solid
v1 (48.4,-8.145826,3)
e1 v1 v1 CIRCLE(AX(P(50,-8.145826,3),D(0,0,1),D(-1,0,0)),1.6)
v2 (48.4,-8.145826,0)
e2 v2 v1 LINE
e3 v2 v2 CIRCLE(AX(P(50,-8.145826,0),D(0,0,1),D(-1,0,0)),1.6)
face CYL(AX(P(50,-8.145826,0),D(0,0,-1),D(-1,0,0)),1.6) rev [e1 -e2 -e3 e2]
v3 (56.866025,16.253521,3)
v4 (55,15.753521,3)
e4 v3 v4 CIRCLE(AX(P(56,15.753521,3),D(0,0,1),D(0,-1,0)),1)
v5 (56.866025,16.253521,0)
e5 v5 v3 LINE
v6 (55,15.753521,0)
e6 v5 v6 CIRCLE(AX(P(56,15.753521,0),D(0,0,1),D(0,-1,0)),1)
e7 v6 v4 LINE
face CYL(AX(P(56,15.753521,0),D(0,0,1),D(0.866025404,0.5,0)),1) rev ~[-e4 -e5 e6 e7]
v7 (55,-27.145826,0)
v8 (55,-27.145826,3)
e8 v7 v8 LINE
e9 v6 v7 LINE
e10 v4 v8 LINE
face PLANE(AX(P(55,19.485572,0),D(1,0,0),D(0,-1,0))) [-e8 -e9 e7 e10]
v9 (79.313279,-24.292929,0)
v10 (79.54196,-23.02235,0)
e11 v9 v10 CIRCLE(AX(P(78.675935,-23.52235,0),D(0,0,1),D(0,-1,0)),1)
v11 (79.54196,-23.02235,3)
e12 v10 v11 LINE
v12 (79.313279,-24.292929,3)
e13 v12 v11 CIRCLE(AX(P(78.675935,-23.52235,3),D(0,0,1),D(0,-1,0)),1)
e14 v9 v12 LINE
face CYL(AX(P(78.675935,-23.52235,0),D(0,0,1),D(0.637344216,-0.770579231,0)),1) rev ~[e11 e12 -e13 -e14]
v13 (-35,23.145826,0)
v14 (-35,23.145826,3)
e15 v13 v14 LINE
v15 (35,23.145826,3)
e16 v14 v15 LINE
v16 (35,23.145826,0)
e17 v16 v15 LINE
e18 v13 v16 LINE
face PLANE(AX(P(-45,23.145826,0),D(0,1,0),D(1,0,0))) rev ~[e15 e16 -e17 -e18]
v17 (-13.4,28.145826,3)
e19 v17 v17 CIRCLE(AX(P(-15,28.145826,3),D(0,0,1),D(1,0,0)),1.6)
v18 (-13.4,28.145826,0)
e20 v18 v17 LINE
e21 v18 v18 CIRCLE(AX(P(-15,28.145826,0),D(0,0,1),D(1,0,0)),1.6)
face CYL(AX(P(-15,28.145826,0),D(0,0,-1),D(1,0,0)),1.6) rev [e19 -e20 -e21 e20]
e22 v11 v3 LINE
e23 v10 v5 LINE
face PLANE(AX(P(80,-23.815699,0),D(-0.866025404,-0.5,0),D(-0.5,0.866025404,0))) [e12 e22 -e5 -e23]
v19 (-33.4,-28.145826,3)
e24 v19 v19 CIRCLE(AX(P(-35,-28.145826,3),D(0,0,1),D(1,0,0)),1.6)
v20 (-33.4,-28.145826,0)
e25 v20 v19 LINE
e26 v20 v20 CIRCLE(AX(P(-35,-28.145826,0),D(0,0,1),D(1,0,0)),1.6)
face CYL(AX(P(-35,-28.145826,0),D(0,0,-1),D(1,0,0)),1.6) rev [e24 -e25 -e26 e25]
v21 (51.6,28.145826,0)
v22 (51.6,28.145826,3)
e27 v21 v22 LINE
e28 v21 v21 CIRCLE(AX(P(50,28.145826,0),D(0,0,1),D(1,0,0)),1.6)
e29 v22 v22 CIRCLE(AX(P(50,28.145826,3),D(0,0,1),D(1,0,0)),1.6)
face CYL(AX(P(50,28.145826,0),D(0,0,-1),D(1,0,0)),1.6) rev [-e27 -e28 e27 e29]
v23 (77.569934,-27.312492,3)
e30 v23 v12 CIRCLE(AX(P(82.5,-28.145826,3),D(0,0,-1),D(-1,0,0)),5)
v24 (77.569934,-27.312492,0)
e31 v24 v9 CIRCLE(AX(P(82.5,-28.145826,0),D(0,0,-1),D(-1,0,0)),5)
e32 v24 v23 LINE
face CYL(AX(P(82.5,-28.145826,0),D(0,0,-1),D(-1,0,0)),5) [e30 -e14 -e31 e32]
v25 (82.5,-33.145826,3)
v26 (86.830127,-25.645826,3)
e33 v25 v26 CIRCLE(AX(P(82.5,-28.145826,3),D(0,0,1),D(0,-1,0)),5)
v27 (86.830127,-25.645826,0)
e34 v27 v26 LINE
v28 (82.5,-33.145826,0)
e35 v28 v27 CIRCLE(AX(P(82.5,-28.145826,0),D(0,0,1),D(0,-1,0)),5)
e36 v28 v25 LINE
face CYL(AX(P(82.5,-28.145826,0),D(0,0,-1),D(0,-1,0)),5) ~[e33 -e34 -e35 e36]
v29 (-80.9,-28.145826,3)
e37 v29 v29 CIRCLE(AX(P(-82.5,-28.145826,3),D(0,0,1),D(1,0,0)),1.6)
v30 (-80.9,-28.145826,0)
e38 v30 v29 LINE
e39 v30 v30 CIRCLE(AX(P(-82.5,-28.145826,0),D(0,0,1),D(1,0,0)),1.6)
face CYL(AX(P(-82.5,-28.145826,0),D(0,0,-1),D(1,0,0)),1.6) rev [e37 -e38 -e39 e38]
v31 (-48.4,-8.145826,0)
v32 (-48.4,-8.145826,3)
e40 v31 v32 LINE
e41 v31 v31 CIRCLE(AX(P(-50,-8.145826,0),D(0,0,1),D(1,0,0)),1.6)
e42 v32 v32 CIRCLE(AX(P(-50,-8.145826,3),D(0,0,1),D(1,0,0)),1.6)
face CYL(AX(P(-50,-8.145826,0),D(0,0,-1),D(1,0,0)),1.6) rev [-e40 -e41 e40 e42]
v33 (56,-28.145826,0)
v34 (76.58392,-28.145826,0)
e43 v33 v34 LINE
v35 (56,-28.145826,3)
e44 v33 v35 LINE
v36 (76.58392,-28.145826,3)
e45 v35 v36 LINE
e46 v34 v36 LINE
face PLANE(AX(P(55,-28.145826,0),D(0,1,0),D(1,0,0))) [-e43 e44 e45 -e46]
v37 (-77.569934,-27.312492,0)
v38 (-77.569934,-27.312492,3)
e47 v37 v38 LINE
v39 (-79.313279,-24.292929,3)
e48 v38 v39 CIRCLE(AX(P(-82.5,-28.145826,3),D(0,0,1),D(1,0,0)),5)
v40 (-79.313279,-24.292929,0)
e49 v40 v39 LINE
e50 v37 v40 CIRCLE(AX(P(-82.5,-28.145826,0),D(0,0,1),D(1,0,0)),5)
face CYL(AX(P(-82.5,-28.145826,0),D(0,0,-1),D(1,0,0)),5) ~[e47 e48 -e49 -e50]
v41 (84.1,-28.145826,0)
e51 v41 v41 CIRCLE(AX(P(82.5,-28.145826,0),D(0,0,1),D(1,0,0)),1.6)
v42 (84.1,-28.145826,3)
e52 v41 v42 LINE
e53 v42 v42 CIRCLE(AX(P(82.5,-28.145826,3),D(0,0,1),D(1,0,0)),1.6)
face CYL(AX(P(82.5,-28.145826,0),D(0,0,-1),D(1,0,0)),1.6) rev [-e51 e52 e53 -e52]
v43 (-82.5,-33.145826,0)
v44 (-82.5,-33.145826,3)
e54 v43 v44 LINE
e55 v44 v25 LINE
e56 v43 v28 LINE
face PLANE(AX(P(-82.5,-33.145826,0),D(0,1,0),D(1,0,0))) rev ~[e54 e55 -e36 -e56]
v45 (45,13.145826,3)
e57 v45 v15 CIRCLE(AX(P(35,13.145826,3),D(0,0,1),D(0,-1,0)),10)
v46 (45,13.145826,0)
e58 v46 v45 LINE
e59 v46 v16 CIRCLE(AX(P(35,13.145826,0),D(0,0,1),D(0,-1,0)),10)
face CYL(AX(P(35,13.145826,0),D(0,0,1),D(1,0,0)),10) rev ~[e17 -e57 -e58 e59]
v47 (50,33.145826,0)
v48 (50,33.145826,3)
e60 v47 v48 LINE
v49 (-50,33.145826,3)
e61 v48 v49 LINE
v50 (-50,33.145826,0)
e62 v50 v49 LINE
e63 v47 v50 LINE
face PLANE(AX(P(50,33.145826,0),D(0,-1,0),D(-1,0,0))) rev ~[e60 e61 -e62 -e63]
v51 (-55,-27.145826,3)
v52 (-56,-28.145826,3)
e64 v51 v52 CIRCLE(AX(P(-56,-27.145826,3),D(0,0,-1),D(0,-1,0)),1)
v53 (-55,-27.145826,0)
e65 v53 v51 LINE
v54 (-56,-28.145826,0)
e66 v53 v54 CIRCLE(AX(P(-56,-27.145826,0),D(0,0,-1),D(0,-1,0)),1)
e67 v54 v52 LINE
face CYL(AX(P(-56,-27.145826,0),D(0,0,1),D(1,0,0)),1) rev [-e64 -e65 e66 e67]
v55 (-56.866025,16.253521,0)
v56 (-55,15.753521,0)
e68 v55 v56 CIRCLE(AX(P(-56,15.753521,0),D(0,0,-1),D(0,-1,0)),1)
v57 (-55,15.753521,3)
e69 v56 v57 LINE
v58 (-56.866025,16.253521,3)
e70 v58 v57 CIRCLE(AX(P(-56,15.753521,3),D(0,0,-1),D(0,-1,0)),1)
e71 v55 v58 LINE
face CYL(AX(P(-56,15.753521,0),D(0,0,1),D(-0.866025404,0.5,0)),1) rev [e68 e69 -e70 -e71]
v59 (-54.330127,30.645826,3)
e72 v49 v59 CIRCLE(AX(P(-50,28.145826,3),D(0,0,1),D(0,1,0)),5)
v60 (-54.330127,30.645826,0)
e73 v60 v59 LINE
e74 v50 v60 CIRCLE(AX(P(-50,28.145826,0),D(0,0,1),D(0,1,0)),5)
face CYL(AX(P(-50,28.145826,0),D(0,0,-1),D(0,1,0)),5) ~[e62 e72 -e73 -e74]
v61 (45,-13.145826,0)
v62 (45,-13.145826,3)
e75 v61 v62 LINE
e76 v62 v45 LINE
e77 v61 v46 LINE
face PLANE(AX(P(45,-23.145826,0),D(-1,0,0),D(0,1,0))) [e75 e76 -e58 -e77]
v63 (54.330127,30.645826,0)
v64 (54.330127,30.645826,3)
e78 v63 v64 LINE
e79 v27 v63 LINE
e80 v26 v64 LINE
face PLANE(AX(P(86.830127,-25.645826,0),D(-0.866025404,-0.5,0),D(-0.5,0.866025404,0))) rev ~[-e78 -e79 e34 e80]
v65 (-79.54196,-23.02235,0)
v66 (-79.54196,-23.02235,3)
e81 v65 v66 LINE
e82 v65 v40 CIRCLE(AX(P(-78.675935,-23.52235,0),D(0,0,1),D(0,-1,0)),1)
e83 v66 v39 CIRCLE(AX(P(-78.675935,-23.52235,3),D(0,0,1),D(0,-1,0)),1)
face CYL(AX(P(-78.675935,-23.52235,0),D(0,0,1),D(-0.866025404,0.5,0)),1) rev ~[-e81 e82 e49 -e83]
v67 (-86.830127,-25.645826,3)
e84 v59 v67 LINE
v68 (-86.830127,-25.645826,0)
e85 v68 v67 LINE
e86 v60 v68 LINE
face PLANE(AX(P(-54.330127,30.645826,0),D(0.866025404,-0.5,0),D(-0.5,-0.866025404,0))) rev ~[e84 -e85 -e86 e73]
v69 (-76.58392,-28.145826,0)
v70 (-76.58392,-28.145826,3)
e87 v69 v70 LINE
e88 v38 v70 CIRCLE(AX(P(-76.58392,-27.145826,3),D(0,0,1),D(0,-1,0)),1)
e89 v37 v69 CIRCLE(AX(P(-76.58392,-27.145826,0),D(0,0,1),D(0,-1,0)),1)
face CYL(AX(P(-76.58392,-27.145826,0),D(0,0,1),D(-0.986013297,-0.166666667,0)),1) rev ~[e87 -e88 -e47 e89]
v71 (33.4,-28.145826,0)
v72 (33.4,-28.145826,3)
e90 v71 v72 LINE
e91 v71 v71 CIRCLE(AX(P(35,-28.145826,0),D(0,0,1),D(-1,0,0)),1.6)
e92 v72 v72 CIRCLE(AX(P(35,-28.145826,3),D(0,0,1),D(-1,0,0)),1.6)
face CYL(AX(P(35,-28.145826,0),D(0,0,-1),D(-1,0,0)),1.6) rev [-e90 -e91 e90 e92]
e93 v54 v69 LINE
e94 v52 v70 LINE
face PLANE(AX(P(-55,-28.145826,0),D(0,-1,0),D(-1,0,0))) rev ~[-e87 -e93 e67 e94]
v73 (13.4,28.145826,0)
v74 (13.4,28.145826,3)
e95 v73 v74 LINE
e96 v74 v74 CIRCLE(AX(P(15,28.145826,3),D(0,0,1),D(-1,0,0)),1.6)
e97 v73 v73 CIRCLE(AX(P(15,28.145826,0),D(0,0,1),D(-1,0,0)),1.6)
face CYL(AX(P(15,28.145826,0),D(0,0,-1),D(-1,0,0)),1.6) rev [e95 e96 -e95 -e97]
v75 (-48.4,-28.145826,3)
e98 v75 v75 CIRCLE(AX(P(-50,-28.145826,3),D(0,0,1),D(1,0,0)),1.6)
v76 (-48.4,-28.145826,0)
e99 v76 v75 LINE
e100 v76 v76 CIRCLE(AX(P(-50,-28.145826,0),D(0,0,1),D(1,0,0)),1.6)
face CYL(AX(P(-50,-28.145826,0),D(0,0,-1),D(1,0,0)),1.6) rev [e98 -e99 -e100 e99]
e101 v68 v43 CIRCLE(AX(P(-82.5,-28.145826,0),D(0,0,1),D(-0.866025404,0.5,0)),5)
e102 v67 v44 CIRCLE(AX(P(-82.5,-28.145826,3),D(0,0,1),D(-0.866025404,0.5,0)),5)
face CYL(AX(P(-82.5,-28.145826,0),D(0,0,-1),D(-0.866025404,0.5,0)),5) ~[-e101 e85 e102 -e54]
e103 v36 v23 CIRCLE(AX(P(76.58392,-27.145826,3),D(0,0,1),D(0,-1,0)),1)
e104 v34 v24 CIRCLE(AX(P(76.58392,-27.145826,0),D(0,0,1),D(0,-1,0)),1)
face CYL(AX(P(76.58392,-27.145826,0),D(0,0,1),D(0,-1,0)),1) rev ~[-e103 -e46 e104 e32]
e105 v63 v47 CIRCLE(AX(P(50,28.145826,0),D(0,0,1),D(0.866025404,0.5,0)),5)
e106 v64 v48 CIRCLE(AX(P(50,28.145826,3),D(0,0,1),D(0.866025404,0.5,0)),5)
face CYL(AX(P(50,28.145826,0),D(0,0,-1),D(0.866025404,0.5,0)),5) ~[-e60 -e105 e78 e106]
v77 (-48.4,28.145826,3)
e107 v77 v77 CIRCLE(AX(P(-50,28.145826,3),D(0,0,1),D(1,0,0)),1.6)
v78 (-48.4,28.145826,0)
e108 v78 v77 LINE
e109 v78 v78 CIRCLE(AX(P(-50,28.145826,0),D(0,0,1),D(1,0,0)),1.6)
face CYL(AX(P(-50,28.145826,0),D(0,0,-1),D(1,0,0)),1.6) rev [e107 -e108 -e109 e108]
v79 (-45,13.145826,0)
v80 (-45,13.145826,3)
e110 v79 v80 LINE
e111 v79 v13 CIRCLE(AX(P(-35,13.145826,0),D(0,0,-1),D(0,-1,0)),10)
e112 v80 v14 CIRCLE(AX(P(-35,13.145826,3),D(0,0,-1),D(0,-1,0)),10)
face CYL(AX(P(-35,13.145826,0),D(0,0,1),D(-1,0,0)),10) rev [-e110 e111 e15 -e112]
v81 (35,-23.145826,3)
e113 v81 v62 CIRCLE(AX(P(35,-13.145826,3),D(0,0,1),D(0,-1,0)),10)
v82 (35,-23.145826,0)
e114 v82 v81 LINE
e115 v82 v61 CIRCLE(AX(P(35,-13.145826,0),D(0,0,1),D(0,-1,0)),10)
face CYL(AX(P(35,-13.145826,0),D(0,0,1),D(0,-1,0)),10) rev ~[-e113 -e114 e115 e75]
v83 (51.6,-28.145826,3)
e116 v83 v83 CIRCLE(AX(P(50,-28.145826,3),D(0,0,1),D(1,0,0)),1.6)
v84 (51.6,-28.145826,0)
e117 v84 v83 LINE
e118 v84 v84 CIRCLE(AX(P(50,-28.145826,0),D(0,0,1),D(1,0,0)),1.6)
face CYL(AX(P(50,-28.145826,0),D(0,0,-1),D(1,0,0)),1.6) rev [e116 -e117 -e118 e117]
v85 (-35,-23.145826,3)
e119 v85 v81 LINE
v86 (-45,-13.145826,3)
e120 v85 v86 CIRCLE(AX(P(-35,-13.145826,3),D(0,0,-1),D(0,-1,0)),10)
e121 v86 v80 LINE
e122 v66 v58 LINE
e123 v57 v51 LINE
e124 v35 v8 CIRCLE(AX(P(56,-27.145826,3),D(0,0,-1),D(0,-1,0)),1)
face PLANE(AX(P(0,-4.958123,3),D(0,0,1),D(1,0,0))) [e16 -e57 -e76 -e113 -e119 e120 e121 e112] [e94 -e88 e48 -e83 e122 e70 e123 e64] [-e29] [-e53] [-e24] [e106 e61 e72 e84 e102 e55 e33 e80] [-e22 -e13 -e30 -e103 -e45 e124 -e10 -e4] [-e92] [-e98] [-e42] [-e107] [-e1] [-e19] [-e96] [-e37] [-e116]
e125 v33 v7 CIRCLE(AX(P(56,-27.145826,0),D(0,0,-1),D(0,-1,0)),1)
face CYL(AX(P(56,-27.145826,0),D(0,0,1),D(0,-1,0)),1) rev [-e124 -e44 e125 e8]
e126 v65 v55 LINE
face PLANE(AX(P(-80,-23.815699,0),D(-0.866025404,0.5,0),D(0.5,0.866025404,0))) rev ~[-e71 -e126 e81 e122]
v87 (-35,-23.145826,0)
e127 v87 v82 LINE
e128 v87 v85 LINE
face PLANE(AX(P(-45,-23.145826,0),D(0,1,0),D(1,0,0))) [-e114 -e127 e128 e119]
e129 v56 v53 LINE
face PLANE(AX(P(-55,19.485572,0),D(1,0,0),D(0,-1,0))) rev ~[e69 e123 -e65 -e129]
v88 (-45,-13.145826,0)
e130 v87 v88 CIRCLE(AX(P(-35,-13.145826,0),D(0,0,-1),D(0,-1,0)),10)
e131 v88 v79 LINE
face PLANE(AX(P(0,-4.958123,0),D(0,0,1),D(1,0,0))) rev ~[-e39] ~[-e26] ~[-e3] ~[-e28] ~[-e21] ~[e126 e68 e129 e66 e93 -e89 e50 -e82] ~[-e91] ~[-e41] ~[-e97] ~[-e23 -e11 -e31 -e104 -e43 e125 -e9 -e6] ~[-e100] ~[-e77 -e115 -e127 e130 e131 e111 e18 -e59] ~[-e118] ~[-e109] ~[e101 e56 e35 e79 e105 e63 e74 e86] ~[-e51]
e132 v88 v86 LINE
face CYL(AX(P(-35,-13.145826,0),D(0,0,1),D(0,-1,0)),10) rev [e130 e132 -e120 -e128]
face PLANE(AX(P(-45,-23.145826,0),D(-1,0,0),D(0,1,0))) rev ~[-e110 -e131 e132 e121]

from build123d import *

# Parameters (mm, degrees)
SKETCH_1_R      = 1.6
SKETCH_1_W      = 90
SKETCH_1_H      = 46.291651246
EXTRUDE_1_DEPTH = 3
FILLET_1_R      = 1
FILLET_2_R      = 10


with BuildPart() as part:
    # ｽｹｯﾁ1 → ﾎﾞｽ - 押し出し1 (new body)
    with BuildSketch(Plane.XY):
        with BuildLine():
            Line((50, 33.145825623), (-50, 33.145825623))
            ThreePointArc((-50, 33.145825623), (-52.5, 32.475952642), (-54.330127019, 30.645825623))
            Line((-54.330127019, 30.645825623), (-86.830127019, -25.645825623))
            ThreePointArc((-86.830127019, -25.645825623), (-86.830127019, -30.645825623), (-82.5, -33.145825623))
            Line((-82.5, -33.145825623), (-50, -33.145825623))
            Line((-50, -33.145825623), (50, -33.145825623))
            Line((50, -33.145825623), (82.5, -33.145825623))
            ThreePointArc((82.5, -33.145825623), (86.830127019, -30.645825623), (86.830127019, -25.645825623))
            Line((86.830127019, -25.645825623), (54.330127019, 30.645825623))
            ThreePointArc((54.330127019, 30.645825623), (52.5, 32.475952642), (50, 33.145825623))
        make_face()
        with Locations((-50, 28.145825623)):
            Circle(SKETCH_1_R, mode=Mode.SUBTRACT)
        with Locations((-82.5, -28.145825623)):
            Circle(SKETCH_1_R, mode=Mode.SUBTRACT)
        with Locations((50, 28.145825623)):
            Circle(SKETCH_1_R, mode=Mode.SUBTRACT)
        with Locations((82.5, -28.145825623)):
            Circle(SKETCH_1_R, mode=Mode.SUBTRACT)
        with Locations((-50, -28.145825623)):
            Circle(SKETCH_1_R, mode=Mode.SUBTRACT)
        with Locations((50, -28.145825623)):
            Circle(SKETCH_1_R, mode=Mode.SUBTRACT)
        with Locations((-35, -28.145825623)):
            Circle(SKETCH_1_R, mode=Mode.SUBTRACT)
        with Locations(Location((35, -28.145825623, 0), (0, 0, 180))):
            Circle(SKETCH_1_R, mode=Mode.SUBTRACT)
        with Locations((-15, 28.145825623)):
            Circle(SKETCH_1_R, mode=Mode.SUBTRACT)
        with Locations(Location((15, 28.145825623, 0), (0, 0, 180))):
            Circle(SKETCH_1_R, mode=Mode.SUBTRACT)
        with Locations((-50, -8.145825623)):
            Circle(SKETCH_1_R, mode=Mode.SUBTRACT)
        with Locations(Location((50, -8.145825623, 0), (0, 0, 180))):
            Circle(SKETCH_1_R, mode=Mode.SUBTRACT)
        Rectangle(SKETCH_1_W, SKETCH_1_H, mode=Mode.SUBTRACT)
        with BuildLine():
            Line((-55, 19.485571585), (-55, -28.145825623))
            Line((-55, -28.145825623), (-77.5, -28.145825623))
            ThreePointArc((-77.5, -28.145825623), (-78.169872981, -25.645825623), (-80, -23.815698604))
            Line((-80, -23.815698604), (-55, 19.485571585))
        make_face(mode=Mode.SUBTRACT)
        with BuildLine():
            Line((55, -28.145825623), (77.5, -28.145825623))
            ThreePointArc((77.5, -28.145825623), (78.169872981, -25.645825623), (80, -23.815698604))
            Line((80, -23.815698604), (55, 19.485571585))
            Line((55, 19.485571585), (55, -28.145825623))
        make_face(mode=Mode.SUBTRACT)
    extrude(amount=EXTRUDE_1_DEPTH)

    # ﾌｨﾚｯﾄ1
    fillet_1_edges = [part.edges().sort_by_distance(p)[0] for p in [
        (-55, 19.485571585, 1.5),
        (-80, -23.815698604, 1.5),
        (-77.5, -28.145825623, 1.5),
        (-55, -28.145825623, 1.5),
        (77.5, -28.145825623, 1.5),
        (80, -23.815698604, 1.5),
        (55, 19.485571585, 1.5),
        (55, -28.145825623, 1.5),
    ]]
    fillet(fillet_1_edges, radius=FILLET_1_R)

    # ﾌｨﾚｯﾄ2
    fillet_2_edges = [part.edges().sort_by_distance(p)[0] for p in [
        (45, -23.145825623, 1.5),
        (45, 23.145825623, 1.5),
        (-45, 23.145825623, 1.5),
        (-45, -23.145825623, 1.5),
    ]]
    fillet(fillet_2_edges, radius=FILLET_2_R)


solid = part.part
